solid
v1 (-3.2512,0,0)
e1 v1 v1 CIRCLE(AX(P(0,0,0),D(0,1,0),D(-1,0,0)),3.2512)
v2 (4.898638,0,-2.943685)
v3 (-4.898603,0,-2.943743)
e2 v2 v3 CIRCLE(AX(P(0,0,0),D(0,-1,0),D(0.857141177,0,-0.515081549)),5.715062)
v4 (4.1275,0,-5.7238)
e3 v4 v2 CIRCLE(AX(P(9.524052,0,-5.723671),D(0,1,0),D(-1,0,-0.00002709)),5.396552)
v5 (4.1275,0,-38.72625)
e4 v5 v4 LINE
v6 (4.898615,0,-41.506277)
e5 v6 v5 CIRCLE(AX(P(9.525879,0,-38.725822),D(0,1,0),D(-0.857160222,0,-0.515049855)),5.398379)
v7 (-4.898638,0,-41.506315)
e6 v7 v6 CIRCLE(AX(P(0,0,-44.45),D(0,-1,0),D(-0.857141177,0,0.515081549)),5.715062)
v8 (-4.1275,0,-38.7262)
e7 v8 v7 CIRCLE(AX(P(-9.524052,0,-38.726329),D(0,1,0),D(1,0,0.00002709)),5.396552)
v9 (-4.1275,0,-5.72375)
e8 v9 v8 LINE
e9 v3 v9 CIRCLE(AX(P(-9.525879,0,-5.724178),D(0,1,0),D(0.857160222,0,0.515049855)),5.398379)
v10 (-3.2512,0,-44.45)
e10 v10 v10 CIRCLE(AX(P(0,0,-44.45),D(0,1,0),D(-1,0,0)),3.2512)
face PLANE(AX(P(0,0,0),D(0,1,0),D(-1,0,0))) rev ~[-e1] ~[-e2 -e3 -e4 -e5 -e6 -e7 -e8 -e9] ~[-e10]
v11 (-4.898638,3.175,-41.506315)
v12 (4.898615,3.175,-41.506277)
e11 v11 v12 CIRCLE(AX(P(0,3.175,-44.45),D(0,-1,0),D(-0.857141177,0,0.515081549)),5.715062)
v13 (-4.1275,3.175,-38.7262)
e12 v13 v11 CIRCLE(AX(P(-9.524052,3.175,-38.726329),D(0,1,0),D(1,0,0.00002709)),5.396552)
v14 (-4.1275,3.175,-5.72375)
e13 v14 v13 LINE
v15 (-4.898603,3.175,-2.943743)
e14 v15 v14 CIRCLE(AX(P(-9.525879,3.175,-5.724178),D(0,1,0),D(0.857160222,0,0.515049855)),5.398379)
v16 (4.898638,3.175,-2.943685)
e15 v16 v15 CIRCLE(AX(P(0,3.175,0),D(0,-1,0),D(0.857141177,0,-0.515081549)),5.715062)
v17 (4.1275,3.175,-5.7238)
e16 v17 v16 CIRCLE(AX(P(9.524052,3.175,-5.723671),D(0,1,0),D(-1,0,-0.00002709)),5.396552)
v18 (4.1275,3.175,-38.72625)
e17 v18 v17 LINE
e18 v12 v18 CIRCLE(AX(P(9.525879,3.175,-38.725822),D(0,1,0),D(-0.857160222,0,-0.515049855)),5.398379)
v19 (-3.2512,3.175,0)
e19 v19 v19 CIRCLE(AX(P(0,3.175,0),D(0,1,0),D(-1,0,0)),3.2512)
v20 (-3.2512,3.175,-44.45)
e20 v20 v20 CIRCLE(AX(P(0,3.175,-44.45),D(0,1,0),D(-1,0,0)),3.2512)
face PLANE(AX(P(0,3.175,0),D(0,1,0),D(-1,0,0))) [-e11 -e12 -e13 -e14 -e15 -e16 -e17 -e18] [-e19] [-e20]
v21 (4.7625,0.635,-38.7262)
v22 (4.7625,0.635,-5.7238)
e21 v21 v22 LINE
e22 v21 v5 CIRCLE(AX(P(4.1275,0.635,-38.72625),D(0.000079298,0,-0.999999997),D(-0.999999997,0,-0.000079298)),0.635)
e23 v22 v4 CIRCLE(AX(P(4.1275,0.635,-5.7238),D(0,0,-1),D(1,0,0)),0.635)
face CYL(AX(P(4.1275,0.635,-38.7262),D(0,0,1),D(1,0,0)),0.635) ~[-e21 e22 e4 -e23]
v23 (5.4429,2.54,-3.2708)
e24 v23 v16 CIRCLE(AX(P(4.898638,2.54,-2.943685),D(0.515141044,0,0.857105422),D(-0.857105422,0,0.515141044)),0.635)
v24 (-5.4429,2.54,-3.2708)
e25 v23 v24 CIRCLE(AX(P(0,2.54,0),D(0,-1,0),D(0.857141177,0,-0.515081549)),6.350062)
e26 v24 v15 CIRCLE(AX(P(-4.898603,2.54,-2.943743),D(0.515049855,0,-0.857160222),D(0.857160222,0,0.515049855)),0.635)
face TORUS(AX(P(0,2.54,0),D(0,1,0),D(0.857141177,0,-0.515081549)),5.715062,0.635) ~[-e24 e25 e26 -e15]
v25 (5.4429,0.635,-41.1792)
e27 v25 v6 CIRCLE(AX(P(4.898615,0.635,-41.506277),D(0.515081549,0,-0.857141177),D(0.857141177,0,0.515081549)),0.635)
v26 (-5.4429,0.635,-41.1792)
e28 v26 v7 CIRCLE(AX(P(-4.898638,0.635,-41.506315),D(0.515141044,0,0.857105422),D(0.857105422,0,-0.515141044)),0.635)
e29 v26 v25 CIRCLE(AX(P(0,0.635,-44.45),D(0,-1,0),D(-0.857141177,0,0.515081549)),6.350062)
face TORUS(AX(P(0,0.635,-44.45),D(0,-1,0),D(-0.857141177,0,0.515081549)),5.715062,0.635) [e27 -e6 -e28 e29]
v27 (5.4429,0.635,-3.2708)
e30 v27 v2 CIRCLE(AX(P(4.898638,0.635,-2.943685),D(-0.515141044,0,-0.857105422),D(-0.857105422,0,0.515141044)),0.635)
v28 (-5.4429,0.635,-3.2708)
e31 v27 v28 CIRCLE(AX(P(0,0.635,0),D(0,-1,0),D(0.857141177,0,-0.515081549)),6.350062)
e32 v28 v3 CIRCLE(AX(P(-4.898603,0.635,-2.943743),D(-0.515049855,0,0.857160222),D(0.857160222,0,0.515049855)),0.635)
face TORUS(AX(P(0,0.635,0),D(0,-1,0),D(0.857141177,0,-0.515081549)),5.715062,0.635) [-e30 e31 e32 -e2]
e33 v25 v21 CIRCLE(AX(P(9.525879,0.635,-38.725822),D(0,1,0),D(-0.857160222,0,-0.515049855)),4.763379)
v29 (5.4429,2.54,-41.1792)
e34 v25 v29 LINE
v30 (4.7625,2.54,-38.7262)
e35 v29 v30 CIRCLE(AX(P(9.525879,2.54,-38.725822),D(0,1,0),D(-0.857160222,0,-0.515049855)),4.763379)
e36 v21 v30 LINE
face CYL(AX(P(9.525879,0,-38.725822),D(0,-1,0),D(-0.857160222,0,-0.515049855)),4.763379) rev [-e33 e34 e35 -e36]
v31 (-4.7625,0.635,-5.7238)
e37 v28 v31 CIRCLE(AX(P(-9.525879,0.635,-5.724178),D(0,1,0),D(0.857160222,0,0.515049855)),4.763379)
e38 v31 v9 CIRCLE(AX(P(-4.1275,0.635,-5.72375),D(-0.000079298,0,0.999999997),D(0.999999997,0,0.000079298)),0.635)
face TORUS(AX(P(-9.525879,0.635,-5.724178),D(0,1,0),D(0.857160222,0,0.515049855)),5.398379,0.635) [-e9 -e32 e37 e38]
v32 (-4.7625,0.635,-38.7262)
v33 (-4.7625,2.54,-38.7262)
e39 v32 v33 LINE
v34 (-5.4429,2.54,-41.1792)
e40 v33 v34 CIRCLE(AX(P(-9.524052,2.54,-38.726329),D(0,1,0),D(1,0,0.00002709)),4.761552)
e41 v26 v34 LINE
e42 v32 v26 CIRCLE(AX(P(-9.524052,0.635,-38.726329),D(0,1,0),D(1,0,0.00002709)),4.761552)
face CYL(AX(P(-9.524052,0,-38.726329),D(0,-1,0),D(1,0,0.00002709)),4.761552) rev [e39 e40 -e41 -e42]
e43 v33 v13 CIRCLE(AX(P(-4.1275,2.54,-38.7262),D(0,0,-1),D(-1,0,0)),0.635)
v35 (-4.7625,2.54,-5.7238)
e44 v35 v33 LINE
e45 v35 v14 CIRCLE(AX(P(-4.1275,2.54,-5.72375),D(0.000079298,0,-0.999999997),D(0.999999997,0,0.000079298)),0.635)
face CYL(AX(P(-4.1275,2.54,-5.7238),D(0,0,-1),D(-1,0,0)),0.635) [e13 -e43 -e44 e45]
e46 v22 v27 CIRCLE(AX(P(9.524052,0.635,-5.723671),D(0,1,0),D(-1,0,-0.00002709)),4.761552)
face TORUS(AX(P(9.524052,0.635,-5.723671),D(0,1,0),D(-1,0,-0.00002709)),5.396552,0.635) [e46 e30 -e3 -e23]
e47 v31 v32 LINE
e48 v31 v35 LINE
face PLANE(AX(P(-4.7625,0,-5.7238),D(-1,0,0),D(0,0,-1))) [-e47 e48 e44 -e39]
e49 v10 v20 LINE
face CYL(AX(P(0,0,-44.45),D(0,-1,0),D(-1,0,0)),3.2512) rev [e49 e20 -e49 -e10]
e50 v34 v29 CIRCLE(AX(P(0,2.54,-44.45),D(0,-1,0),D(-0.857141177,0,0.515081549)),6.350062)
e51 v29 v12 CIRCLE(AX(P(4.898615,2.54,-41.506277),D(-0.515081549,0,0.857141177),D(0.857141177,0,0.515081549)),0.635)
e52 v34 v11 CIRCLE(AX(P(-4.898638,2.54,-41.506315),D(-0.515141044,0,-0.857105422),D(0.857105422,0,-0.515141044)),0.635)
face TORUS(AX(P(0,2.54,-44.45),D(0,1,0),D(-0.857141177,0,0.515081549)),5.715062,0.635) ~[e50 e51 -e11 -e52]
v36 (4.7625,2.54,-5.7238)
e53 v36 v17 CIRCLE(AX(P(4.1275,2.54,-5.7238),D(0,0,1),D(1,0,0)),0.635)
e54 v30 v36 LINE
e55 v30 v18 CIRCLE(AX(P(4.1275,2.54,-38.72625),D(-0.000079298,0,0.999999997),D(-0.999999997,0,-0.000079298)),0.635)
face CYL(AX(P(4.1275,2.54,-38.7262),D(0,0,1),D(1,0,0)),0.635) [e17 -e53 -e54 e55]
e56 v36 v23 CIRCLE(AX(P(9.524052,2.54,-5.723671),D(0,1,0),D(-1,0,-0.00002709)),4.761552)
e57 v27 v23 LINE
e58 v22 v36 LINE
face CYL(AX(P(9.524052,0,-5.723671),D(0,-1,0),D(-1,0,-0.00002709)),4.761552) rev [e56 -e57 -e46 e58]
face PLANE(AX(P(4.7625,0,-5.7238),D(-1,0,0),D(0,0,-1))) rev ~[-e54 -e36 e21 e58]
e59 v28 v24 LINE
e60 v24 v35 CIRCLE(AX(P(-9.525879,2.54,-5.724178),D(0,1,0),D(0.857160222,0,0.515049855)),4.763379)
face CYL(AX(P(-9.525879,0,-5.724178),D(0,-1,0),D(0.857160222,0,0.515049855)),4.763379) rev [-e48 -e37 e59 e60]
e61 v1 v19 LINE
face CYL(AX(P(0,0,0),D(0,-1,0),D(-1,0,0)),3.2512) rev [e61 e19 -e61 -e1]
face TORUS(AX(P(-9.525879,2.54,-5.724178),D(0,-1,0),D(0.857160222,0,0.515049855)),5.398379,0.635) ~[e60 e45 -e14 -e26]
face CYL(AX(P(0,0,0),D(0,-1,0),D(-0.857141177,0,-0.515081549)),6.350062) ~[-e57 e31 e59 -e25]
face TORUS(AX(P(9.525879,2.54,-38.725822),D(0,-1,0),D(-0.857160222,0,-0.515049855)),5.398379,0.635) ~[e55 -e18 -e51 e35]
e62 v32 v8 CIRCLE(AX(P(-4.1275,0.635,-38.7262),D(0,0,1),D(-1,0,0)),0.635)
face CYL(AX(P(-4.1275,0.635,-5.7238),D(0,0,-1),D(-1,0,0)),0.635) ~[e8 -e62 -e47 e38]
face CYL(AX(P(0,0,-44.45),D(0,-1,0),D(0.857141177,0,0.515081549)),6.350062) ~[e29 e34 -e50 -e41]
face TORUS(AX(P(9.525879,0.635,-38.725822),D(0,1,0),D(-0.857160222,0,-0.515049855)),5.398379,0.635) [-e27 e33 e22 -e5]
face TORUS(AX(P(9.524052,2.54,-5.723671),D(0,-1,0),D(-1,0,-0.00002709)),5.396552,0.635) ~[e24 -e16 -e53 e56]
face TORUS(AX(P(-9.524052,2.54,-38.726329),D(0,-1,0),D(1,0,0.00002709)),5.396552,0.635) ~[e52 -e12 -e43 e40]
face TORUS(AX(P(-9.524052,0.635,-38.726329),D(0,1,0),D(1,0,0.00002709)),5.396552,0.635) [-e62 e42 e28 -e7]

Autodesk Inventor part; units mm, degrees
ref_plane "YZ Plane" through (0, 0, 0) normal (1, 0, 0) x (0, 1, 0)
ref_plane "XZ Plane" through (0, 0, 0) normal (0, 1, 0) x (-1, 0, 0)
ref_plane "XY Plane" through (0, 0, 0) normal (0, 0, 1) x (1, 0, 0)
sketch "Sketch1" plane through (0, 0, 0) normal (0, 1, 0) x (-1, 0, 0)
  circle A0 centre (0, 0) radius 3.2512
  circle A1 centre (0, -44.45) radius 3.2512
  circle A2 centre (0, 0) radius 6.35 construction
  circle A3 centre (0, -44.45) radius 6.35 construction
  line L0 (0, -6.35) -> (0, -38.1) construction
  line L1 (4.7625, -5.7238) -> (4.7625, -38.7262)
  line L2 (-4.7625, -5.7238) -> (-4.7625, -38.7262)
  arc A4 (5.4429, -3.2708) -> (-5.4429, -3.2708) centre (0, 0) ccw
  arc A5 (-5.4429, -41.1792) -> (5.4429, -41.1792) centre (0, -44.45) ccw
  arc A6 (5.4429, -3.2708) -> (4.7625, -5.7238) centre (9.525, -5.7238) ccw
  arc A7 (-4.7625, -5.7238) -> (-5.4429, -3.2708) centre (-9.525, -5.7238) ccw
  arc A8 (-5.4429, -41.1792) -> (-4.7625, -38.7262) centre (-9.525, -38.7262) ccw
  arc A9 (4.7625, -38.7262) -> (5.4429, -41.1792) centre (9.525, -38.7262) ccw
  point P0 (4.7625, -4.2001)
  point P1 (4.7625, -40.2499)
  point P2 (-4.7625, -4.2001)
  point P3 (-4.7625, -40.2499)
  dimension "d0" = 6.5024
  dimension "d1" = 44.45
  dimension "d2" = 12.7
  dimension "d3" = 4.7625
  dimension "d4" = 4.7625
  dimension "d5" = 4.7625
extrude "Extrusion1" add sketch "Sketch1" along normal blind 3.175
fillet "Fillet1" radius 0.635 16 edges at (-4.9357, 3.175, -4.451) (0, 3.175, 6.35) (4.9357, 3.175, -4.451) (4.7625, 3.175, -22.225) (4.9357, 3.175, -39.999) (0, 3.175, -50.8) (-4.9357, 3.175, -39.999) (-4.7625, 3.175, -22.225) (-4.9357, 0, -4.451) (0, 0, 6.35) (4.9357, 0, -4.451) (4.7625, 0, -22.225) (4.9357, 0, -39.999) (0, 0, -50.8) (-4.9357, 0, -39.999) (-4.7625, 0, -22.225)
properties part number "ELEV_044_CFSPRINGHOLDER" material "Aluminum 6061"
